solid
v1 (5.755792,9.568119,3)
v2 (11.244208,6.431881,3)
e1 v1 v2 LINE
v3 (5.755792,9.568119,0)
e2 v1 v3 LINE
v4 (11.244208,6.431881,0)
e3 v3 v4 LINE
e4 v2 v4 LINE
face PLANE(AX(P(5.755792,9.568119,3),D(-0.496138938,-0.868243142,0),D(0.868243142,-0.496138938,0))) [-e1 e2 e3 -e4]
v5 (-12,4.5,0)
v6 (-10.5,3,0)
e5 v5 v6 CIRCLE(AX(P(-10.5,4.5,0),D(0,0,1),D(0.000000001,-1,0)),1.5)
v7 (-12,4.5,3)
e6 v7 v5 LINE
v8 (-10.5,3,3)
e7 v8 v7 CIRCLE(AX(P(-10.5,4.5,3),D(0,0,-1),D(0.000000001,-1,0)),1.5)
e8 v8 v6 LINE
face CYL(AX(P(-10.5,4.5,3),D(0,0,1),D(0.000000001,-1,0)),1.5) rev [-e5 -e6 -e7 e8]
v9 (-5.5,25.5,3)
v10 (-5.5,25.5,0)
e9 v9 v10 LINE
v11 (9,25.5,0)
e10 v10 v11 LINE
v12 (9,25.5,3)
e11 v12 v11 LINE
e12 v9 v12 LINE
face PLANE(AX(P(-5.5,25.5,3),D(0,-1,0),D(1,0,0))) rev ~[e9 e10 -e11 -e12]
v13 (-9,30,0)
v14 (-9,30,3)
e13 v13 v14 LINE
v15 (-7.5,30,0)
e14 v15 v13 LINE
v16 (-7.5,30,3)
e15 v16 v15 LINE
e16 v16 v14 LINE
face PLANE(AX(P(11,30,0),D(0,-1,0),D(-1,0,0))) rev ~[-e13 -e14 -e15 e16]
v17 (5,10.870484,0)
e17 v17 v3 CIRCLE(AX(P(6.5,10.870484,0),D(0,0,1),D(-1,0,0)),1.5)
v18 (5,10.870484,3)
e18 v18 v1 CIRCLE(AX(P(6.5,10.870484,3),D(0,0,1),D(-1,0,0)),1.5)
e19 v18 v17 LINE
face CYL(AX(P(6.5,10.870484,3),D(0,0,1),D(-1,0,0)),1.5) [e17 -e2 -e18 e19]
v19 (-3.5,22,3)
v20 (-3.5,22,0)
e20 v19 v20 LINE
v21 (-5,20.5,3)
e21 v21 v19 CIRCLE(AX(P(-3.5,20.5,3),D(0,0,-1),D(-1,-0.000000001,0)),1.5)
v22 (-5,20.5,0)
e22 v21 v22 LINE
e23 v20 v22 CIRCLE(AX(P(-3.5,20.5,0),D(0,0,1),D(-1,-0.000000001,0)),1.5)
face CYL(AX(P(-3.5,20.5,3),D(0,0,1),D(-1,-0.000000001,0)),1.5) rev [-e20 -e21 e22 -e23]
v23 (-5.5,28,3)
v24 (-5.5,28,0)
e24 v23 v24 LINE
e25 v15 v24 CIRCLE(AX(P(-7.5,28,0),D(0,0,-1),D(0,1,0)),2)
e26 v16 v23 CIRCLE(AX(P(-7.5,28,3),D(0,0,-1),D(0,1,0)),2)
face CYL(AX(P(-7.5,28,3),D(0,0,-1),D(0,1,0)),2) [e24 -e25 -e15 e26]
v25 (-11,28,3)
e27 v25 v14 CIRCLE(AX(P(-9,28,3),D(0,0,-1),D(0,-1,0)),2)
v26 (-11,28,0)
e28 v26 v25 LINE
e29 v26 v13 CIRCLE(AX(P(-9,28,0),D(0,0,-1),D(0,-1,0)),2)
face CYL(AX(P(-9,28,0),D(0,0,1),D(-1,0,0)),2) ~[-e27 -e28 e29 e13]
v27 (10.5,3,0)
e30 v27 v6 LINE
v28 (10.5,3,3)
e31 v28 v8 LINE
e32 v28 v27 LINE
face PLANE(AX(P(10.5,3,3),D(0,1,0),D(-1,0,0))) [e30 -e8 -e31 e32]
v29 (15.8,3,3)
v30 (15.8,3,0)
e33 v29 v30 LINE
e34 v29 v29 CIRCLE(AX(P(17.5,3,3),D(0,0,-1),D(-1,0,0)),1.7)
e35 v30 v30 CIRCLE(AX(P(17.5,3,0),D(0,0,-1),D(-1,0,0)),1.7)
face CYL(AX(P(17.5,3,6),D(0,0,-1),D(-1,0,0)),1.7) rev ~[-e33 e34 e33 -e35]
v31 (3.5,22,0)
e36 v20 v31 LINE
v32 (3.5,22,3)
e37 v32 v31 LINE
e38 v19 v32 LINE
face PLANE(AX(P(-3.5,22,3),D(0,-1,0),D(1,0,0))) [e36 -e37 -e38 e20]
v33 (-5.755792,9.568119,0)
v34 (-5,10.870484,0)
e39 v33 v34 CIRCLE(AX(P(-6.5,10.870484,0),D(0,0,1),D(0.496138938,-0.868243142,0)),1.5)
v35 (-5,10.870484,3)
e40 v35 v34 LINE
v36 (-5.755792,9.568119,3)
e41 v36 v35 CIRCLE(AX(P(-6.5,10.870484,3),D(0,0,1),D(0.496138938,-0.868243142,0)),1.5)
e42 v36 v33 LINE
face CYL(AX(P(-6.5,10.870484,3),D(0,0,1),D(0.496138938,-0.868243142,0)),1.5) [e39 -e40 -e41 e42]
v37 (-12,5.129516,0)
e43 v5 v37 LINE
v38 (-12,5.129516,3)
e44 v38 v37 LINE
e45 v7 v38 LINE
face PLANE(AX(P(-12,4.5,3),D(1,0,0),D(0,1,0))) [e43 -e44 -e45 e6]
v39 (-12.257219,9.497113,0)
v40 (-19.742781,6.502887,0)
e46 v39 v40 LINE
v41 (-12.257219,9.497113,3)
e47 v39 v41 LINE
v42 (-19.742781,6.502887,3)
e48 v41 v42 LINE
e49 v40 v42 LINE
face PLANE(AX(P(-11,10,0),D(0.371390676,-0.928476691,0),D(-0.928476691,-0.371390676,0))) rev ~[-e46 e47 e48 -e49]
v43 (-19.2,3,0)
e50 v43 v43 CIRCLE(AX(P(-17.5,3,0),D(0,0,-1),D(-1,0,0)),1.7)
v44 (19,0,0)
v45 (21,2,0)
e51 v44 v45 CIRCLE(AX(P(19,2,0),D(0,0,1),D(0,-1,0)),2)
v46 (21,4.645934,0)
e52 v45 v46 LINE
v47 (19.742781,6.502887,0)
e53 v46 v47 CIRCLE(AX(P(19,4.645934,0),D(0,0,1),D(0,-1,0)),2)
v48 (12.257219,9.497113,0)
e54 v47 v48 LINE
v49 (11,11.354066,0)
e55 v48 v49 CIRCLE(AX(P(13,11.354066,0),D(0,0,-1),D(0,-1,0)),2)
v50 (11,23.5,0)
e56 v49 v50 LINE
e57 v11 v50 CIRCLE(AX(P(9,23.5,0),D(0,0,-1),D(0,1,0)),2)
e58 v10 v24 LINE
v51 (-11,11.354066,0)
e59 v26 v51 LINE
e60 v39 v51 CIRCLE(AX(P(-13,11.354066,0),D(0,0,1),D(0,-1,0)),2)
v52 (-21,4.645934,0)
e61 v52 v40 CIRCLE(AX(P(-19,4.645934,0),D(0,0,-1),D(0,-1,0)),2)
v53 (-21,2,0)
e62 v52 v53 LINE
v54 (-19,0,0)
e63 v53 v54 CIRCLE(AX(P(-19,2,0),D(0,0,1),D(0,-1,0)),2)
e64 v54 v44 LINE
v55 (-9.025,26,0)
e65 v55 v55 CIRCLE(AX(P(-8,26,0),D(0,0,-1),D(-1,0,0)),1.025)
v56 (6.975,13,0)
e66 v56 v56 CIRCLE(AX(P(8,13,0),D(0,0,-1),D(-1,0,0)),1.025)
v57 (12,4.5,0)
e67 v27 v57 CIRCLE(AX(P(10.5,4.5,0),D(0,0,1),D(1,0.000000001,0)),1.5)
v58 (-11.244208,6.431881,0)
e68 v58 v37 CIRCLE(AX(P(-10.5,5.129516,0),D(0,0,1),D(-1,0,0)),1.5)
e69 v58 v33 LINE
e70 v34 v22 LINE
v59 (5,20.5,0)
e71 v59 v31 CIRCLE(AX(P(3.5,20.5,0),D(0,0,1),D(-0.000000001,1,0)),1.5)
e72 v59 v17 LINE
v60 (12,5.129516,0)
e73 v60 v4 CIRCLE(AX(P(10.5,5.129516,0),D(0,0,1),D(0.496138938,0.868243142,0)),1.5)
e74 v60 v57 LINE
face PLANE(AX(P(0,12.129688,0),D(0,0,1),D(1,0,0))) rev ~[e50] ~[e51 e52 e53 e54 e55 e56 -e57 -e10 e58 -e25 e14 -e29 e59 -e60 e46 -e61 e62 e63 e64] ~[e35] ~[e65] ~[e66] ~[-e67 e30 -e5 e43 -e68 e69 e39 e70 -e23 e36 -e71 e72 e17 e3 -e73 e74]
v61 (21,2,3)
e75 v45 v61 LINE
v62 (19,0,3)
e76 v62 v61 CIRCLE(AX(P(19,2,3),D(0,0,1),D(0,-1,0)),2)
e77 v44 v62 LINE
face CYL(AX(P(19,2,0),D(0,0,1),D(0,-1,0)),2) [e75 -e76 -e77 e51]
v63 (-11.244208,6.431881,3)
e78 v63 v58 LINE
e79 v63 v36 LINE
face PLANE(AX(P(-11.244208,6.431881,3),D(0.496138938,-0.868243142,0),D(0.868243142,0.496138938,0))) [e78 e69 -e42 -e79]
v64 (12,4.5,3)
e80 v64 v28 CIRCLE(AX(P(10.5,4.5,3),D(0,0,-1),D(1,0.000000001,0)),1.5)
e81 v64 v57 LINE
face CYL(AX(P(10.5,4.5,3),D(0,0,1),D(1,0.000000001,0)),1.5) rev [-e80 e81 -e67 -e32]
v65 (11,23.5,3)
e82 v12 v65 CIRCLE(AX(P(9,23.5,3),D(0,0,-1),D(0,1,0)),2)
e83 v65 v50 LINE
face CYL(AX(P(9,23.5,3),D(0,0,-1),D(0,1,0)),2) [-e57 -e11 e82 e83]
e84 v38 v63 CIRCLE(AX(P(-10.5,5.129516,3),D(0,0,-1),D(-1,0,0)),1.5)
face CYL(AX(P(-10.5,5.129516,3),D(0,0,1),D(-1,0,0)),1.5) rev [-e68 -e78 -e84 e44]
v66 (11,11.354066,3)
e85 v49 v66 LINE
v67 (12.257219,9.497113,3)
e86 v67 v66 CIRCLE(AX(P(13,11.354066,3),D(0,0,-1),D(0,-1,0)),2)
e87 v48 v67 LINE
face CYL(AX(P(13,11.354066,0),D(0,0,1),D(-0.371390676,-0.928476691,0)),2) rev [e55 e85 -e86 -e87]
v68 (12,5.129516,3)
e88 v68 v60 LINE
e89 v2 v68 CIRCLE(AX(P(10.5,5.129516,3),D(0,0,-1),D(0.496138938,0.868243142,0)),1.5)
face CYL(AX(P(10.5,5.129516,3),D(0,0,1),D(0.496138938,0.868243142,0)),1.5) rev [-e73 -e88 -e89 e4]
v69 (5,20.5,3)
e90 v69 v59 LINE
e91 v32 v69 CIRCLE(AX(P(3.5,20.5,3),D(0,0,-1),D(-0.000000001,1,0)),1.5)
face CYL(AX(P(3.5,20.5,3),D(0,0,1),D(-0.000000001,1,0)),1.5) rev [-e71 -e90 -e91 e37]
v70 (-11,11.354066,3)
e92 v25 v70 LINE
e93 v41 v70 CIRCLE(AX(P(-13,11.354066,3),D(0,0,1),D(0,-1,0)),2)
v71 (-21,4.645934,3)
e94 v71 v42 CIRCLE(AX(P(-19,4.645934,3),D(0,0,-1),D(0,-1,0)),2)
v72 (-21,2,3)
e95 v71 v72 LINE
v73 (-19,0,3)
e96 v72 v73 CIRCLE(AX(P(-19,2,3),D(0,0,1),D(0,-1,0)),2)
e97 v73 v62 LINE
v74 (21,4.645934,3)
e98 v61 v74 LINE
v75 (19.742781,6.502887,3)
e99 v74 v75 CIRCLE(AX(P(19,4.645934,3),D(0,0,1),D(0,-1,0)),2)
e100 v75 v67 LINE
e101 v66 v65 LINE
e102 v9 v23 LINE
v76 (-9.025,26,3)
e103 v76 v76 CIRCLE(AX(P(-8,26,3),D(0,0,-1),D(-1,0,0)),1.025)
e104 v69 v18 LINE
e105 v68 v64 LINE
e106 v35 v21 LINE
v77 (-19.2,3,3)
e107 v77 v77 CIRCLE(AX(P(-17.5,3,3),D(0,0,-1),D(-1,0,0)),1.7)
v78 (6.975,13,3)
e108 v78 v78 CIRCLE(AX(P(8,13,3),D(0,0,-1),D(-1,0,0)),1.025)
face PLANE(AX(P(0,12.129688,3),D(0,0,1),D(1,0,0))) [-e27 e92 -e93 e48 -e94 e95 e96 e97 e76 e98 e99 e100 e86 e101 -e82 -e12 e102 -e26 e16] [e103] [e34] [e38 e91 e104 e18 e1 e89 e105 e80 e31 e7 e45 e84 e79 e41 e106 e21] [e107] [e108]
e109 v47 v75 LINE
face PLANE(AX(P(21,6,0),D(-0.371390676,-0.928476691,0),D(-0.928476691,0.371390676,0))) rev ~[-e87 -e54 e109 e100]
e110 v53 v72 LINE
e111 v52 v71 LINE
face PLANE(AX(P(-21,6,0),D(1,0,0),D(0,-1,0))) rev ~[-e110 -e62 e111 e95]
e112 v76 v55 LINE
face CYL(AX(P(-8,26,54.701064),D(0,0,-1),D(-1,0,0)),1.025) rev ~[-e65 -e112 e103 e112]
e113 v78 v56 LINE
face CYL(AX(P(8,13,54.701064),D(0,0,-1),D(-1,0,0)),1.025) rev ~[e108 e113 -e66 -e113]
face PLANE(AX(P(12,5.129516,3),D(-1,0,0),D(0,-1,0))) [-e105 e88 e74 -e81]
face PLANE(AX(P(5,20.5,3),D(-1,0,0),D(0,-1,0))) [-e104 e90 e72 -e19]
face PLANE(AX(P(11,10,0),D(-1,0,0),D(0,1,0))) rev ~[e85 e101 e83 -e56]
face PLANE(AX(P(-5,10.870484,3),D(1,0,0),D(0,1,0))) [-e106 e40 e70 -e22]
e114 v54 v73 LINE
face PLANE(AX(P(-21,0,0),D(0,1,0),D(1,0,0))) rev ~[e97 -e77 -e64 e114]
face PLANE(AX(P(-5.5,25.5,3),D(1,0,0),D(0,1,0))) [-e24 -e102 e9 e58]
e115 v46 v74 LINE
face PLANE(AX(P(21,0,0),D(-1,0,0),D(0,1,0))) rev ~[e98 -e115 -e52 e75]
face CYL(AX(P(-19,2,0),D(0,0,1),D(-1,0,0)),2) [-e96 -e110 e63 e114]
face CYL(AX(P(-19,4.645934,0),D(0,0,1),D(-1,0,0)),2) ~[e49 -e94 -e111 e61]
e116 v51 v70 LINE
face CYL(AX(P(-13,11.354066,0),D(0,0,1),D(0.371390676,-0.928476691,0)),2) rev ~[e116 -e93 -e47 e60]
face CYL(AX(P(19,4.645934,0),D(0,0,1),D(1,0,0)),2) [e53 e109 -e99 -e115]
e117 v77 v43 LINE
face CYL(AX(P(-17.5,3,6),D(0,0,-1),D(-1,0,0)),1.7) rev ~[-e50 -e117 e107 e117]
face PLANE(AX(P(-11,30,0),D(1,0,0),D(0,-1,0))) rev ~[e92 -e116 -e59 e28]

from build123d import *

# Parameters (mm, degrees)
SKETCH1_R                = 0.5
BOSS_EXTRUDE1_DEPTH      = 3
M2_5X0_45_TAPPED_HOLE1_D = 2.05
SKETCH4_W                = 16.5
SKETCH4_H                = 4.5
CUT_EXTRUDE1_DEPTH       = 4
FILLET1_R                = 2
M3_CLEARANCE_HOLE1_D     = 3.4
M3_CLEARANCE_HOLE1_DEPTH = 3
FILLET2_R                = 2


with BuildPart() as part:
    # Sketch1 → Boss-Extrude1 (new body)
    with BuildSketch(Plane.XY):
        Polygon((-21, 0), (21, 0), (21, 6), (11, 10), (11, 30), (-11, 30), (-11, 10), (-21, 6), align=None)
        with Locations((-8, 26)):
            Circle(SKETCH1_R, mode=Mode.SUBTRACT)
        with Locations((8, 13)):
            Circle(SKETCH1_R, mode=Mode.SUBTRACT)
        with Locations((-17.5, 3)):
            Circle(SKETCH1_R, mode=Mode.SUBTRACT)
        with Locations((17.5, 3)):
            Circle(SKETCH1_R, mode=Mode.SUBTRACT)
    extrude(amount=BOSS_EXTRUDE1_DEPTH)

    # M2.5x0.45 Tapped Hole1 (through all)
    with Locations(Plane.XY.offset(3)):
        with Locations((-8, 26), (8, 13)):
            Hole(M2_5X0_45_TAPPED_HOLE1_D / 2)

    # Sketch4 → Cut-Extrude1 (cut, through all)
    with BuildSketch(Plane.XY.offset(3)):
        with Locations((2.75, 27.75)):
            Rectangle(SKETCH4_W, SKETCH4_H)
        with BuildLine():
            Line((-3.5, 22), (3.5, 22))
            ThreePointArc((3.5, 22), (4.560660172, 21.560660172), (5, 20.5))
            Line((5, 20.5), (5, 10.870483803))
            ThreePointArc((5, 10.870483803), (5.20263486, 10.117593576), (5.755791592, 9.56811909))
            Line((5.755791592, 9.56811909), (11.244208408, 6.43188091))
            ThreePointArc((11.244208408, 6.43188091), (11.79736514, 5.882406424), (12, 5.129516197))
            Line((12, 5.129516197), (12, 4.5))
            ThreePointArc((12, 4.5), (11.560660172, 3.439339828), (10.5, 3))
            Line((10.5, 3), (-10.5, 3))
            ThreePointArc((-10.5, 3), (-11.560660172, 3.439339828), (-12, 4.5))
            Line((-12, 4.5), (-12, 5.129516197))
            ThreePointArc((-12, 5.129516197), (-11.79736514, 5.882406424), (-11.244208408, 6.43188091))
            Line((-11.244208408, 6.43188091), (-5.755791592, 9.56811909))
            ThreePointArc((-5.755791592, 9.56811909), (-5.20263486, 10.117593576), (-5, 10.870483803))
            Line((-5, 10.870483803), (-5, 20.5))
            ThreePointArc((-5, 20.5), (-4.560660172, 21.560660172), (-3.5, 22))
        make_face()
    extrude(amount=-CUT_EXTRUDE1_DEPTH, mode=Mode.SUBTRACT)

    # Fillet1
    fillet1_edges = [part.edges().sort_by_distance(p)[0] for p in [
        (-21, 6, 1.5),
        (-11, 10, 1.5),
        (-11, 30, 1.5),
        (11, 10, 1.5),
        (21, 6, 1.5),
        (-5.5, 30, 1.5),
        (11, 25.5, 1.5),
    ]]
    fillet(fillet1_edges, radius=FILLET1_R)

    # M3 Clearance Hole1
    with Locations(Plane.XY.offset(3)):
        with Locations((-17.5, 3), (17.5, 3)):
            Hole(M3_CLEARANCE_HOLE1_D / 2, depth=M3_CLEARANCE_HOLE1_DEPTH)

    # Fillet2
    fillet2_edges = [part.edges().sort_by_distance(p)[0] for p in [
        (21, 0, 1.5),
        (-21, 0, 1.5),
    ]]
    fillet(fillet2_edges, radius=FILLET2_R)


solid = part.part
